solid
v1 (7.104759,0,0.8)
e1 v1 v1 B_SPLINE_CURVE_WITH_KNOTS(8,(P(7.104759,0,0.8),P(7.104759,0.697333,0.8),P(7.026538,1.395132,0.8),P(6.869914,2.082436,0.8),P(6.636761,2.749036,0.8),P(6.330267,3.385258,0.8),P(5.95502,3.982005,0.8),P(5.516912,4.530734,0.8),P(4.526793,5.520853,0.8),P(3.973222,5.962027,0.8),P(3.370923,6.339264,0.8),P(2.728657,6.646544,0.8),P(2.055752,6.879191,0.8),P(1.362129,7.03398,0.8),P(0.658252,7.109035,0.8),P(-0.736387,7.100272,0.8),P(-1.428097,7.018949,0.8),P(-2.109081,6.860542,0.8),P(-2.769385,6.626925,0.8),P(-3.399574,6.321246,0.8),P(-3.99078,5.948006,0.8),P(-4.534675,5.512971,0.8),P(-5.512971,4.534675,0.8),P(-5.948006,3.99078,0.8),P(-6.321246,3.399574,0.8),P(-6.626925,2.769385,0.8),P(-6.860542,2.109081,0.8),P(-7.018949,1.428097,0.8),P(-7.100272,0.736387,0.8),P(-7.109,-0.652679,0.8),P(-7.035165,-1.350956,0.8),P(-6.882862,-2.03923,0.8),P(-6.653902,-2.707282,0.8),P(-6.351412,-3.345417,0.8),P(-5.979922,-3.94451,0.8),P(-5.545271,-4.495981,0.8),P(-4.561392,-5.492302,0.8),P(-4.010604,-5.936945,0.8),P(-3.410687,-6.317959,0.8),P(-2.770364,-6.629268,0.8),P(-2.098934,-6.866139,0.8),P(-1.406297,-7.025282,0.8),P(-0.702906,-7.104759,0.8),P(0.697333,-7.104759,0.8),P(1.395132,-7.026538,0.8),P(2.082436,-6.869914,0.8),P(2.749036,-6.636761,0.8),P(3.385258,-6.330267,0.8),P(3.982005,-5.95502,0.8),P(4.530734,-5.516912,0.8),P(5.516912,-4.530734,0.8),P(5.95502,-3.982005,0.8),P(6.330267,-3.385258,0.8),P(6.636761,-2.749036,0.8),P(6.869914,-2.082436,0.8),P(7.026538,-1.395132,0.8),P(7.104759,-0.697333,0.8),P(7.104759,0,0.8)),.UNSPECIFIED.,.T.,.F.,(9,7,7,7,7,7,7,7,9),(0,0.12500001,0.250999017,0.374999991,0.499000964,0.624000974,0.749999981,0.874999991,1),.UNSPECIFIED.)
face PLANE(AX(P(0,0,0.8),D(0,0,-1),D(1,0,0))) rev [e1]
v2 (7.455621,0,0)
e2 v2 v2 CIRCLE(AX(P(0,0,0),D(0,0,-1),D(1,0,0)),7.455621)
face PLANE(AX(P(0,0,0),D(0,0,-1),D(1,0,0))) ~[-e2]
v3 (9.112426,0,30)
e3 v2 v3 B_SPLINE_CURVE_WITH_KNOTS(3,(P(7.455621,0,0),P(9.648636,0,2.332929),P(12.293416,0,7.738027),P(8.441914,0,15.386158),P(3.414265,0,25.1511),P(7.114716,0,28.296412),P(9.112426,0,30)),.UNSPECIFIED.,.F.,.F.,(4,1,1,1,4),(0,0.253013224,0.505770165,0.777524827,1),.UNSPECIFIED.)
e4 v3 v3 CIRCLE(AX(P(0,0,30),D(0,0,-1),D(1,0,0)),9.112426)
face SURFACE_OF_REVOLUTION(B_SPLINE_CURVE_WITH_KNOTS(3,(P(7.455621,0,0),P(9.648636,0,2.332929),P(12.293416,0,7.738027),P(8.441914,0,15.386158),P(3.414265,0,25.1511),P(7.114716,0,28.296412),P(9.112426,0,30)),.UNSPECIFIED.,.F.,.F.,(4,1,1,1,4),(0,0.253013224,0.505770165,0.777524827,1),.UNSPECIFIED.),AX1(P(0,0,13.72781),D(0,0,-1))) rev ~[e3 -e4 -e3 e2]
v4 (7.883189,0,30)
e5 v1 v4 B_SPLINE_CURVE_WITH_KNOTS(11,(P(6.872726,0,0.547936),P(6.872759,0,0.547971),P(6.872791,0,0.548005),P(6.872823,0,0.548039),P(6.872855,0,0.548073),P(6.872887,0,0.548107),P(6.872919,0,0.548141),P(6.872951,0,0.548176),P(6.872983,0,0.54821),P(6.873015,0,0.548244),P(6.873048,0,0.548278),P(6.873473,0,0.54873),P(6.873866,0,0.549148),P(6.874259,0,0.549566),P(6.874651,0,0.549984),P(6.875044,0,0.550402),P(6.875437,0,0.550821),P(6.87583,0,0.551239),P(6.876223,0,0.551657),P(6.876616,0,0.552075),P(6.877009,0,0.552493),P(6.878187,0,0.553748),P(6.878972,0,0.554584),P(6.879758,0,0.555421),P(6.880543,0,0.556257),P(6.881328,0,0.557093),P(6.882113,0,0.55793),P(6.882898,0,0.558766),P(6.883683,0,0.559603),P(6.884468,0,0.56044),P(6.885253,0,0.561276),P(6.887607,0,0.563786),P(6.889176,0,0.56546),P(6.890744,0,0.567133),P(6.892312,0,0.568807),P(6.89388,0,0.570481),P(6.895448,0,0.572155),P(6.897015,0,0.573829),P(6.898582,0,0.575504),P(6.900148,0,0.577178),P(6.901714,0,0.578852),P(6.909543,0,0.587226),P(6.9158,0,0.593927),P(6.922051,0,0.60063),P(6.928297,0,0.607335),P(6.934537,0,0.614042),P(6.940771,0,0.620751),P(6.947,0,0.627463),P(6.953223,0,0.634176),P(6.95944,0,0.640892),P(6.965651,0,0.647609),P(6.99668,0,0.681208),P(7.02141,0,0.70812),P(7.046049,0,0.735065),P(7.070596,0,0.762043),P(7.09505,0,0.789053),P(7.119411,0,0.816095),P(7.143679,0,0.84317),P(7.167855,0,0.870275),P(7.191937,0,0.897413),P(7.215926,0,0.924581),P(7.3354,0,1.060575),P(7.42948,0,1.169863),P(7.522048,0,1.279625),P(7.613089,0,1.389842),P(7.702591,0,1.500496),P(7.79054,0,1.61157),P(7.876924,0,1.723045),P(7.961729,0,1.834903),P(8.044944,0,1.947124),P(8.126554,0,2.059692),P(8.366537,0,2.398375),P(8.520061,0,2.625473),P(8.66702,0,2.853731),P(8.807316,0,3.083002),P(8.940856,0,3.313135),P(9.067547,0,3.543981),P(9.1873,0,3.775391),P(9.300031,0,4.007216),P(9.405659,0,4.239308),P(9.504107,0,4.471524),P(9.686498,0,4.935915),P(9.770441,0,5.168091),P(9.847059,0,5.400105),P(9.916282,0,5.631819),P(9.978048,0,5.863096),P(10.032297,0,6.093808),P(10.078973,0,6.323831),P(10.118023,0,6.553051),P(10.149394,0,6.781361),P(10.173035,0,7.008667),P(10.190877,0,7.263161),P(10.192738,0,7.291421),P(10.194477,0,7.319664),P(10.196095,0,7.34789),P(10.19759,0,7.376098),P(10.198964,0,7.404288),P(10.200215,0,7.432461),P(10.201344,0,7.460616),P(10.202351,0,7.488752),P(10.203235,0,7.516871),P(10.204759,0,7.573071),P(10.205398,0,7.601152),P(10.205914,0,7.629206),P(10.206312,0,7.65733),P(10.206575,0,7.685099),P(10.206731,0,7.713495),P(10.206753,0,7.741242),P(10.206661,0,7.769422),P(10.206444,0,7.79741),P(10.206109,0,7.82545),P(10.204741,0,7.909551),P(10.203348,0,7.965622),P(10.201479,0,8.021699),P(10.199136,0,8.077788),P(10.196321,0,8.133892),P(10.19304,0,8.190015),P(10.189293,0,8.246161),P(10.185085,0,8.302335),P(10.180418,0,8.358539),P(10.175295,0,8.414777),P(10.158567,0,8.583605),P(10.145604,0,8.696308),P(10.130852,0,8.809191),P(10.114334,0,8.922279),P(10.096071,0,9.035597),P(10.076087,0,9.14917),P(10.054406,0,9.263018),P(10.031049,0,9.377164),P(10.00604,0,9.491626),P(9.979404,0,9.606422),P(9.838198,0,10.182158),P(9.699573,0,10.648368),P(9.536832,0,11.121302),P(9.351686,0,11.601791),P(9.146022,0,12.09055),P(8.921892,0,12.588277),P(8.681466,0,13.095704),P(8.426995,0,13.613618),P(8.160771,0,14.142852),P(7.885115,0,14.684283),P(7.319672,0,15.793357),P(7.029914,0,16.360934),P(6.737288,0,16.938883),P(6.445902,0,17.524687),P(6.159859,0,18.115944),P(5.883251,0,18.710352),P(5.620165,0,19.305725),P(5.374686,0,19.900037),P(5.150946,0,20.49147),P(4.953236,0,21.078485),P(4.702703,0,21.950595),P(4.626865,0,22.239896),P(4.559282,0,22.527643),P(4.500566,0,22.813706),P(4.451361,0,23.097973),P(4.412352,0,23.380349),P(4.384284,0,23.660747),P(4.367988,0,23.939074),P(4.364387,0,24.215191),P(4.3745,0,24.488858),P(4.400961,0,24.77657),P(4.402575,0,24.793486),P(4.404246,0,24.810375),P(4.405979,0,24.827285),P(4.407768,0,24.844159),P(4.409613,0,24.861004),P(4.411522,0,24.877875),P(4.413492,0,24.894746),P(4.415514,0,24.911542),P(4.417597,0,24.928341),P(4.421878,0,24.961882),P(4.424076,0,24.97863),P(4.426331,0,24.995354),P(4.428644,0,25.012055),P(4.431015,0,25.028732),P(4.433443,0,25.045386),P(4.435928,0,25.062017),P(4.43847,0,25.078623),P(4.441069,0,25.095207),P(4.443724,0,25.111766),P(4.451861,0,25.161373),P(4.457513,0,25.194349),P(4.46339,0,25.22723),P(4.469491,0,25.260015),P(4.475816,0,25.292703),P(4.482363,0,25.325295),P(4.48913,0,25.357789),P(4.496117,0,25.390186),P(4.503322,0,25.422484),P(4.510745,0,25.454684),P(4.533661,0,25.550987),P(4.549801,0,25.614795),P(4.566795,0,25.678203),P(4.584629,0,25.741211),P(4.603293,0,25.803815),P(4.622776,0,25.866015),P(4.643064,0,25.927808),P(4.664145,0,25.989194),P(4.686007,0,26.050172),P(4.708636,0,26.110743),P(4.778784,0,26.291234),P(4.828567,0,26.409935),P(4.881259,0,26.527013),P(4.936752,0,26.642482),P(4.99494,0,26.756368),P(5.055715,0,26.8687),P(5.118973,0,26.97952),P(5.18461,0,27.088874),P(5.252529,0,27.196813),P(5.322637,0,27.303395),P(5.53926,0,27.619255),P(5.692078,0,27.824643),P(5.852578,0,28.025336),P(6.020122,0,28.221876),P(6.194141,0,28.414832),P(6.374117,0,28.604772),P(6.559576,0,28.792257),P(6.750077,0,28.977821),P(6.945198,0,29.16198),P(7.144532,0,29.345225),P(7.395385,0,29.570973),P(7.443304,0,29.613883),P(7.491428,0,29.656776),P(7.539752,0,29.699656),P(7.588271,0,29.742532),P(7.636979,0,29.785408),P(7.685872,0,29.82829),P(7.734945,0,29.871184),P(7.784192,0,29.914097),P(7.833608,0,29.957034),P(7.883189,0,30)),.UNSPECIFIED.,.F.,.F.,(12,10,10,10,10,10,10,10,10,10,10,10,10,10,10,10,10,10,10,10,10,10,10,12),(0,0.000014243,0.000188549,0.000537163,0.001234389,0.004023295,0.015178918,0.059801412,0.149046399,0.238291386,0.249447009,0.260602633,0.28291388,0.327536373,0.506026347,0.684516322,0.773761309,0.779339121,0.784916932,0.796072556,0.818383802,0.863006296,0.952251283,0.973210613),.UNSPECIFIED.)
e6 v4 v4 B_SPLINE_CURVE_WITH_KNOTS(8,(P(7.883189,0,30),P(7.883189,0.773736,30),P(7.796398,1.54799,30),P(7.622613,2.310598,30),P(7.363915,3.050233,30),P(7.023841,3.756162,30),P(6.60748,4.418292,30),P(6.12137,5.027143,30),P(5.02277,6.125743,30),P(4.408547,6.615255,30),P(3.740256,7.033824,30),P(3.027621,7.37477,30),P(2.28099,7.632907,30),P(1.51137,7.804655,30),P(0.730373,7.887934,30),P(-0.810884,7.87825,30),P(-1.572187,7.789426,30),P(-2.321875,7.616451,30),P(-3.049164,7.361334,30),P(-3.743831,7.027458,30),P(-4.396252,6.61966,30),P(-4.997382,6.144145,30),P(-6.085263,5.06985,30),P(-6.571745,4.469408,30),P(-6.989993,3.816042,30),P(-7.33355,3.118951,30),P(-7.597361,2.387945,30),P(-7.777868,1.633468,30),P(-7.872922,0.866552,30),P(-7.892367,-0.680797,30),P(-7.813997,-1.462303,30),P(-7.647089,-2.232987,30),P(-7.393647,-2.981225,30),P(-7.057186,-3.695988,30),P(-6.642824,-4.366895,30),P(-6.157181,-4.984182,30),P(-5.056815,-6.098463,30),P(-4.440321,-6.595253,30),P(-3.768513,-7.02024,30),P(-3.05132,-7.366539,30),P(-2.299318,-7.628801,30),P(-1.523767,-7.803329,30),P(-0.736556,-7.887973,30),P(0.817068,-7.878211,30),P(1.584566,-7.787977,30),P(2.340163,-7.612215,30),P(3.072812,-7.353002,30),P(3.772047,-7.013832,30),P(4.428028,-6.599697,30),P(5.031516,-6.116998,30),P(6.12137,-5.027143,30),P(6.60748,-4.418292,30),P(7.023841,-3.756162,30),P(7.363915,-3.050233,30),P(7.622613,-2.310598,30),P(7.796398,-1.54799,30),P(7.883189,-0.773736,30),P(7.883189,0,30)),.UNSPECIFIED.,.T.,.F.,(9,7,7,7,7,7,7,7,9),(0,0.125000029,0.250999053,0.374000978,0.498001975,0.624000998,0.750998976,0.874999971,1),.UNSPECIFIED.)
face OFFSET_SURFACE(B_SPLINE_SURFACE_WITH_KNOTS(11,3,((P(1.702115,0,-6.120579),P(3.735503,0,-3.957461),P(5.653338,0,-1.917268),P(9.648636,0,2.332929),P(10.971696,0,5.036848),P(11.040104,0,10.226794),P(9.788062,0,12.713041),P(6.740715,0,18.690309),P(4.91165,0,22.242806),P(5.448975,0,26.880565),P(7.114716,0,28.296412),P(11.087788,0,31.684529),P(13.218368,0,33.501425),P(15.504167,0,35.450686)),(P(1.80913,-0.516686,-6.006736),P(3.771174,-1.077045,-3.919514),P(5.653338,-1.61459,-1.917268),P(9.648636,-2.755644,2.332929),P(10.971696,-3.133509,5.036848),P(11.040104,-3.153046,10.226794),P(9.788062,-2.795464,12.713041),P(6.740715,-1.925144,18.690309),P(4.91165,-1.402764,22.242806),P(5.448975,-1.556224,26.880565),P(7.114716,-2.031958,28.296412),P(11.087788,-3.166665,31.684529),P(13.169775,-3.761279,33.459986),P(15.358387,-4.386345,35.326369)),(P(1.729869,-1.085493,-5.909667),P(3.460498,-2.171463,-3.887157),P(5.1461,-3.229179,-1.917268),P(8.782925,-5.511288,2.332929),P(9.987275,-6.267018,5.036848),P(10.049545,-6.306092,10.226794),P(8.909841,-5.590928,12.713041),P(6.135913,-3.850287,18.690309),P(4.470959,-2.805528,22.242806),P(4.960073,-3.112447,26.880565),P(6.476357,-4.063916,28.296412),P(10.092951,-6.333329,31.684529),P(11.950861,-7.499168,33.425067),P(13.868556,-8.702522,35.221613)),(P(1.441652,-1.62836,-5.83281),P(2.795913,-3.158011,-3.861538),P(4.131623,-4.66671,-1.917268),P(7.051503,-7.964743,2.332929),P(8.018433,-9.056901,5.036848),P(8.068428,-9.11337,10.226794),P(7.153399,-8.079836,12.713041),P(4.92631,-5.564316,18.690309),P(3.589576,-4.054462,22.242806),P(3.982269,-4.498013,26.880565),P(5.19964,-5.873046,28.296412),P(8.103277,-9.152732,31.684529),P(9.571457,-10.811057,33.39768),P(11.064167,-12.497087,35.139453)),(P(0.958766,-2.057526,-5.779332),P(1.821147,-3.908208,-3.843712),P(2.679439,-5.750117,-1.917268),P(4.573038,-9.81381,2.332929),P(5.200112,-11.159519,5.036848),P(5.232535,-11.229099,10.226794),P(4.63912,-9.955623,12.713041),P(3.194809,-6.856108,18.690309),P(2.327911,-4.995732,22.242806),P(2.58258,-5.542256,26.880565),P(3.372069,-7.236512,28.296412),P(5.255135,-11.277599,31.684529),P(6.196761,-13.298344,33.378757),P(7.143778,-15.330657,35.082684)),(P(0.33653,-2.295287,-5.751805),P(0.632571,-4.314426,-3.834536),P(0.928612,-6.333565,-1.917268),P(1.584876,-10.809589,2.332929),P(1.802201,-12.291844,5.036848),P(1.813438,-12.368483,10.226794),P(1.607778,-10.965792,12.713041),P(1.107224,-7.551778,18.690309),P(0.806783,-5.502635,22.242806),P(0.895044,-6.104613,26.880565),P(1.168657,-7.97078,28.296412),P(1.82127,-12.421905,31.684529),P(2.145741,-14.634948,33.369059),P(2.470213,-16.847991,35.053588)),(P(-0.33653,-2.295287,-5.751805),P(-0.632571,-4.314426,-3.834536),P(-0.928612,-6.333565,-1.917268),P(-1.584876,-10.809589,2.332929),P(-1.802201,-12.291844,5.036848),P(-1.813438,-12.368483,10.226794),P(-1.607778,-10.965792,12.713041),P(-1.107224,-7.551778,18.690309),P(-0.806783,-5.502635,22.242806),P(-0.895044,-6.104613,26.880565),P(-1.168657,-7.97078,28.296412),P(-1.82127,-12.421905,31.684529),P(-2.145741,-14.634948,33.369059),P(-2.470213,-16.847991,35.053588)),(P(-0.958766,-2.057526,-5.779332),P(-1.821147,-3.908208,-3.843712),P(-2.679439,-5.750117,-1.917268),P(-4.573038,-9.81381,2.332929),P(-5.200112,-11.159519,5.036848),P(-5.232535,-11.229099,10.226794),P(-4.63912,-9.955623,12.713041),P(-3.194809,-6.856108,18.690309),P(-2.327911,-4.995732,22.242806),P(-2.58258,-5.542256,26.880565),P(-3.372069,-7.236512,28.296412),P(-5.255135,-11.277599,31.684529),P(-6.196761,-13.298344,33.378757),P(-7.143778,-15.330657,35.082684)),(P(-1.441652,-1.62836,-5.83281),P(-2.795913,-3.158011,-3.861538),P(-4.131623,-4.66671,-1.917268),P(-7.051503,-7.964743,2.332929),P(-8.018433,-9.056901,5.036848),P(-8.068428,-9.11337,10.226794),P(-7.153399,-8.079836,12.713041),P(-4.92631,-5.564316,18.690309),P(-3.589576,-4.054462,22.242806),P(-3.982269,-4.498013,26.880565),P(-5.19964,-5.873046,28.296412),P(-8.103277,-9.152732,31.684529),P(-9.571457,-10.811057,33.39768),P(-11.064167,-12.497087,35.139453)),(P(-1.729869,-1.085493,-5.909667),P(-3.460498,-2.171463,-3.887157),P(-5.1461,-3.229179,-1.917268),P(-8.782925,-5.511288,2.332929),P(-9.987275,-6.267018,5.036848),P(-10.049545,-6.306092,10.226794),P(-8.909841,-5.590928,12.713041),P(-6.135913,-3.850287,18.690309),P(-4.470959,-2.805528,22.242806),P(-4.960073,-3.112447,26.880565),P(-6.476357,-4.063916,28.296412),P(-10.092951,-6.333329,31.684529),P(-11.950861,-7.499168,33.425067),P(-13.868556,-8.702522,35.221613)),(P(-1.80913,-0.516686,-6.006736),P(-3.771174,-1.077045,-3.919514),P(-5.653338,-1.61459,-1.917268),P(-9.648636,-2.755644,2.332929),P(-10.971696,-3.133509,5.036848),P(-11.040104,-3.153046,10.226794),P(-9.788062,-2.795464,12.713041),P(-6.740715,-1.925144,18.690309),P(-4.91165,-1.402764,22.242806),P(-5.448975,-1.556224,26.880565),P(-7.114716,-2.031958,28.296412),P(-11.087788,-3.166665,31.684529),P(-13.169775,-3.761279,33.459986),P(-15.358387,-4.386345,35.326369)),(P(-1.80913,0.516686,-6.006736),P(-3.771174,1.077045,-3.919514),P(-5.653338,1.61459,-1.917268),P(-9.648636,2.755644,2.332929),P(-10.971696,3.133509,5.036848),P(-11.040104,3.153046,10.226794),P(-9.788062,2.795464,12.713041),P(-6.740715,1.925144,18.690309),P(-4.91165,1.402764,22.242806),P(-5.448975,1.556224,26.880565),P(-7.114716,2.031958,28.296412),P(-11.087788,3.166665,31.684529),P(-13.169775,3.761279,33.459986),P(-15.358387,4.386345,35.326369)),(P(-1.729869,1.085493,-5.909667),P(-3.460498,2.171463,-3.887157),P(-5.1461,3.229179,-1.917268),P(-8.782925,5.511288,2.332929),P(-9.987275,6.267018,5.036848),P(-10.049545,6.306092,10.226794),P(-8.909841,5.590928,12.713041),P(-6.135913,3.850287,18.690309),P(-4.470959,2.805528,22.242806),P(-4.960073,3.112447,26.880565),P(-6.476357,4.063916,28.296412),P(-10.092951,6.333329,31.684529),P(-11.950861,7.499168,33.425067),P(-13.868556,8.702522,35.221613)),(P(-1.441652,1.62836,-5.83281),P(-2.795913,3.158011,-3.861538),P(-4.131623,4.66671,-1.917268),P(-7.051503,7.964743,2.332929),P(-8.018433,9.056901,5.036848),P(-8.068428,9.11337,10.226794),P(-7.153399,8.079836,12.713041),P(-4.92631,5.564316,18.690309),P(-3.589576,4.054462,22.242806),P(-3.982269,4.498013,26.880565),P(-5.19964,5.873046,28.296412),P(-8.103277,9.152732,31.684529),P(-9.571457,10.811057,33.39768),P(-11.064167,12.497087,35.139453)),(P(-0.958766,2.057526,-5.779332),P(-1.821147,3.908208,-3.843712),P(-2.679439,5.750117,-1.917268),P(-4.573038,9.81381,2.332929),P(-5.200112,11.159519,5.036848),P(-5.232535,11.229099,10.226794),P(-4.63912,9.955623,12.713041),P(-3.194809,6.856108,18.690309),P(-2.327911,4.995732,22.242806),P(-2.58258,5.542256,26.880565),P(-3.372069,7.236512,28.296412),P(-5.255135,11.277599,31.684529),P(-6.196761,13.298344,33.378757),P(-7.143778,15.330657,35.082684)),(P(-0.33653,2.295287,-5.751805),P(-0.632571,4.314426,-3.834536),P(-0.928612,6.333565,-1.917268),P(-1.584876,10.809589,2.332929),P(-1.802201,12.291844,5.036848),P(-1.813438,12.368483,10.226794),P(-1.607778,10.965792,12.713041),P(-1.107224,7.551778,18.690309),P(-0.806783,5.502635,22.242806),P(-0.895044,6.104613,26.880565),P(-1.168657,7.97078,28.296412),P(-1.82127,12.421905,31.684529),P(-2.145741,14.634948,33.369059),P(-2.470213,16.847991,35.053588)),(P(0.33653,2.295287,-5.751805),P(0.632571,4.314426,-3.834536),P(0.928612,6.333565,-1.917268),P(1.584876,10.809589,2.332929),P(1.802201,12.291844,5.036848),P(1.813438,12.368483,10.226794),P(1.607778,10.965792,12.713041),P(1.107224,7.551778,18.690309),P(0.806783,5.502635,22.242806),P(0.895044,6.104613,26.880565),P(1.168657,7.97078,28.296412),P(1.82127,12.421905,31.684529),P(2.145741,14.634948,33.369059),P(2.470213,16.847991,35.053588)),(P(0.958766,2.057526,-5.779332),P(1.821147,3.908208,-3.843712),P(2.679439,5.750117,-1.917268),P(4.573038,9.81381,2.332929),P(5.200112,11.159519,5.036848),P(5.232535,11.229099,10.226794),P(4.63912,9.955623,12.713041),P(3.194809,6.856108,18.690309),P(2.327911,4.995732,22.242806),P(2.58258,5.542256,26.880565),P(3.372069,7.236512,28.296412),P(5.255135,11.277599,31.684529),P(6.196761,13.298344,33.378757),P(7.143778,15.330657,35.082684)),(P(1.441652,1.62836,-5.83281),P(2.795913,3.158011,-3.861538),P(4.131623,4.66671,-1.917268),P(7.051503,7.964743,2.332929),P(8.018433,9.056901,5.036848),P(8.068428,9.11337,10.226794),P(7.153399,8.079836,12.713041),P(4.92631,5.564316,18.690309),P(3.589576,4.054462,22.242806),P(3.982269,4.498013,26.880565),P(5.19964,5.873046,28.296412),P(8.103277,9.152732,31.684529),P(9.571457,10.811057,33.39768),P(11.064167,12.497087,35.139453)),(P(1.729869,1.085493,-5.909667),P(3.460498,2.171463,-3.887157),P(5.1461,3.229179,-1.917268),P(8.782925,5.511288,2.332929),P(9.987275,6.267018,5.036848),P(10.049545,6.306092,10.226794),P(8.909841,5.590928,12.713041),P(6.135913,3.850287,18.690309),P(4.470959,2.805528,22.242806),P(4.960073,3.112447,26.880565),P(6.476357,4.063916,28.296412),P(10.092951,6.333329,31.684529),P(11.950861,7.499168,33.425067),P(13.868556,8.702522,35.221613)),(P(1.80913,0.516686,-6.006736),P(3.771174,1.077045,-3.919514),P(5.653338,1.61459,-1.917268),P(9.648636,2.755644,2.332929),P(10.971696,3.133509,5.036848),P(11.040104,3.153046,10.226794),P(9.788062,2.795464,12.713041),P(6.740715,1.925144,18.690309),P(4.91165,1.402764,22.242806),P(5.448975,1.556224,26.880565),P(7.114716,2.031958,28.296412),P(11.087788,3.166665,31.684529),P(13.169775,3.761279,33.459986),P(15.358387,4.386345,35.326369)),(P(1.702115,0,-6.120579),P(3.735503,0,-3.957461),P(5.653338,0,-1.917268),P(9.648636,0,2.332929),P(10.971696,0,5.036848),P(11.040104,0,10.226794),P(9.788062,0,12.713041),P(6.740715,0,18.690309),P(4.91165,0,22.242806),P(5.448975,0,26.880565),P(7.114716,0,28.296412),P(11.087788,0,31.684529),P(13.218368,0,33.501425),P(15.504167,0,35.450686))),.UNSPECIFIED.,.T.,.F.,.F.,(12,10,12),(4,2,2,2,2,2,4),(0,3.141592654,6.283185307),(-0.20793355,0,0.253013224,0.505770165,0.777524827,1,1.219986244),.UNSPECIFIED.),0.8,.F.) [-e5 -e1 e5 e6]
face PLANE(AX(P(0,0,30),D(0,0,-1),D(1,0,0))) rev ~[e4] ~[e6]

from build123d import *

# Parameters (mm, degrees)
F2_T = -0.8


with BuildPart() as f1:
    # F0 (on Front) → F1 (revolve)
    with BuildSketch(Plane.XZ):
        with BuildLine():
            Line((0, 0), (7.4556208707, 0))
            add(Edge.make_bspline(
                [(7.4556208707, 0), (9.6486358854, 2.3329290552), (12.2934157001, 7.7380272525), (8.4419137037, 15.3861579955), (3.4142645011, 25.1510998844), (7.1147155739, 28.2964118126), (9.1124263957, 30)],
                knots=[0, 0, 0, 0, 0.2530132239, 0.5057701652, 0.7775248269, 1, 1, 1, 1], degree=3))
            Line((9.1124263957, 30), (0, 30))
            Line((0, 30), (0, 0))
        make_face()
    revolve(axis=Axis((0, 0, 13.7278104354), (0, 0, -1)))

    # F2
    f2_openings = [f1.faces().sort_by_distance(p)[0] for p in [
        (0, 0, 30),
    ]]
    offset(amount=F2_T, openings=f2_openings)


solid = f1.part
